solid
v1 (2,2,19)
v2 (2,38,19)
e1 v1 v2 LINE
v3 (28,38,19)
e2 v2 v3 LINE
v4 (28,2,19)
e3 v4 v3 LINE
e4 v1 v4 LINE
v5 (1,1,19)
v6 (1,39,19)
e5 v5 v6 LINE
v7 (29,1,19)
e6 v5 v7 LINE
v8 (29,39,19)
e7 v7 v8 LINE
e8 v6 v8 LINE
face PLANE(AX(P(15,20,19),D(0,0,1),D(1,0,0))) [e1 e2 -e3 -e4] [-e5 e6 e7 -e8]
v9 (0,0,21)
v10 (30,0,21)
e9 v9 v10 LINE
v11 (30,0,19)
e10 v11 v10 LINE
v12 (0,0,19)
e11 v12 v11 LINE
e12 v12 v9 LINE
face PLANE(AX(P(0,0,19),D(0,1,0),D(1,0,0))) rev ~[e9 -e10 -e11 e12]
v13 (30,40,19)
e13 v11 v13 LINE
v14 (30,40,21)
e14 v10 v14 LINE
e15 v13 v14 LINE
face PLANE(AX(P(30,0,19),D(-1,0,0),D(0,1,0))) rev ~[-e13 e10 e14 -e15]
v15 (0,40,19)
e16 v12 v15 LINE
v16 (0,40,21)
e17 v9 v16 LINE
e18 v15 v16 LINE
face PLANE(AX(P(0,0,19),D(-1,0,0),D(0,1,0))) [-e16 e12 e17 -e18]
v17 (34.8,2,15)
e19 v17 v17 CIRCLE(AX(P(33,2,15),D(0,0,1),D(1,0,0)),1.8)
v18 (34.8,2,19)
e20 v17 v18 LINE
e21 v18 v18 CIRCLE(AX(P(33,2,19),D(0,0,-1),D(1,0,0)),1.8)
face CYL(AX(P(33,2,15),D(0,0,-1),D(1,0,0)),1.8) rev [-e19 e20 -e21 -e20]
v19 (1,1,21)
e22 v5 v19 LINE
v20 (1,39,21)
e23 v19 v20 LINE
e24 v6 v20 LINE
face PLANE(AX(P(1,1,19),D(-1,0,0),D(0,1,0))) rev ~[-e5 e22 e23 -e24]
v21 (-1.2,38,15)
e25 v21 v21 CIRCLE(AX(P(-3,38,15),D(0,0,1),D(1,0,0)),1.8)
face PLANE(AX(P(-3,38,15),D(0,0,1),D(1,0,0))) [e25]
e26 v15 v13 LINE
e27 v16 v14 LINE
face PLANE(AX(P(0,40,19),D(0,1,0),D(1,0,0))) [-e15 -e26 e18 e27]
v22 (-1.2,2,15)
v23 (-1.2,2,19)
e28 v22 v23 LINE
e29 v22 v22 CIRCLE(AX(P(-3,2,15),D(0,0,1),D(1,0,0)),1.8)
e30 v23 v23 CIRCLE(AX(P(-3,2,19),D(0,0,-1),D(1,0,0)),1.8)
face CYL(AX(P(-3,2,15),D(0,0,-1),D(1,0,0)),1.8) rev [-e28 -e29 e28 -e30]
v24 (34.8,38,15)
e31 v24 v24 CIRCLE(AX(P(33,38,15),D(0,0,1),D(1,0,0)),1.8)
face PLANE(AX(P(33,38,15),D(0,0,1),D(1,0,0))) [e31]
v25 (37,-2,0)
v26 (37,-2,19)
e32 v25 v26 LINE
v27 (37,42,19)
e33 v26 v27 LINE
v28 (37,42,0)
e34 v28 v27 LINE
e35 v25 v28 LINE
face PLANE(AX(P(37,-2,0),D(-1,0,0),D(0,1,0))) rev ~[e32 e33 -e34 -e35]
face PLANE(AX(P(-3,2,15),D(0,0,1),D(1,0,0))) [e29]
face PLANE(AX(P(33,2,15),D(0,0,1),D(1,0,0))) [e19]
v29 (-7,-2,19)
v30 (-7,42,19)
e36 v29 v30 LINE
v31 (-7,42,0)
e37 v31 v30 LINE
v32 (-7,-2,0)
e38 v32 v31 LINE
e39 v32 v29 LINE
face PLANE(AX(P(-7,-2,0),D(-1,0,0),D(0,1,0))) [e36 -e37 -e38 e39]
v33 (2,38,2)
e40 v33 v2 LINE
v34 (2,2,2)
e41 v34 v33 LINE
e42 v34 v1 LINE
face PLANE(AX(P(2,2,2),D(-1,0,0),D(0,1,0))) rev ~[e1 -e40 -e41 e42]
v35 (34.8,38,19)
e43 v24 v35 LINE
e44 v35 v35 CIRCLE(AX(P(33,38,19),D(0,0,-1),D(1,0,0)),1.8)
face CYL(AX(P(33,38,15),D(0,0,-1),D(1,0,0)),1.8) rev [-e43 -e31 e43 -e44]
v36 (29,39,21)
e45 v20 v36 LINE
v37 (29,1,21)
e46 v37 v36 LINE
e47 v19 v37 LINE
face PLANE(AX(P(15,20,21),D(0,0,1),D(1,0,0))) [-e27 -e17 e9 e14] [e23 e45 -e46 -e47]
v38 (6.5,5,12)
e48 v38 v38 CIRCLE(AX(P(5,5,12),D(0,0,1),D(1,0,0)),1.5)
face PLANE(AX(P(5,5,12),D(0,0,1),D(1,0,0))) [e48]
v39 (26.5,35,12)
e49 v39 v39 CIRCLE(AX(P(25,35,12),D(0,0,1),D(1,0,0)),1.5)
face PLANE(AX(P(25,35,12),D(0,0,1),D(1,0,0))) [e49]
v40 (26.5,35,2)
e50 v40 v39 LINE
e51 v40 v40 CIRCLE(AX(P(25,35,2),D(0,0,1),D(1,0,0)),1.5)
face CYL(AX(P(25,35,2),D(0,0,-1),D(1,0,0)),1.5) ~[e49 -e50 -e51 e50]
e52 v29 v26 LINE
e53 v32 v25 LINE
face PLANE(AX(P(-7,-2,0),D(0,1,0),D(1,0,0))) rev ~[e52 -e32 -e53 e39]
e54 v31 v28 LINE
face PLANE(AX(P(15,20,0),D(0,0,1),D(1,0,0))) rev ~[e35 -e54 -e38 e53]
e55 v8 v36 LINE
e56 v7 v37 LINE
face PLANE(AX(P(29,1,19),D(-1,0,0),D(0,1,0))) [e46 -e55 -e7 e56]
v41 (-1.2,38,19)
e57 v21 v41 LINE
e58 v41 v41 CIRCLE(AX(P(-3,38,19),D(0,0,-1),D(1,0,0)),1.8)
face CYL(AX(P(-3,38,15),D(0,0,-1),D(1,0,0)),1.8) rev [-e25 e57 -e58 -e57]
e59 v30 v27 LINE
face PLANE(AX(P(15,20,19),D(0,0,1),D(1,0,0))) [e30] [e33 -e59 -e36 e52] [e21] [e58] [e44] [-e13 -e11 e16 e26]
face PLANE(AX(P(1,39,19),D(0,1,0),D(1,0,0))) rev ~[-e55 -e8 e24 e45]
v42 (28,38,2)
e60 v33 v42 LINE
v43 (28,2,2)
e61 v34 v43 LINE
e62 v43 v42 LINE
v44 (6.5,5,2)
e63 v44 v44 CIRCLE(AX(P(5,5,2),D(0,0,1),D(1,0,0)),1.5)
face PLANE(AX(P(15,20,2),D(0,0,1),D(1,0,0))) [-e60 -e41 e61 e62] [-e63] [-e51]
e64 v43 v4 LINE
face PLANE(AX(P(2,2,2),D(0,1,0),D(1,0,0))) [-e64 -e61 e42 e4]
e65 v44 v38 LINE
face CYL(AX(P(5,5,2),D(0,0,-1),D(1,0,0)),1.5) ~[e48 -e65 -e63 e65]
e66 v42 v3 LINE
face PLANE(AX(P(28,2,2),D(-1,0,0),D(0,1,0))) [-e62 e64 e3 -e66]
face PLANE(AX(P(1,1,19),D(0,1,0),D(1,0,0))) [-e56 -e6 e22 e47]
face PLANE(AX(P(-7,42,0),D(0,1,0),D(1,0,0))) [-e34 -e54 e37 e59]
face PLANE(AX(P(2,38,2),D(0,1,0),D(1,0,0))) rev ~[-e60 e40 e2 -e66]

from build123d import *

# Parameters (mm, degrees)
CYLINDER002_R     = 1.5
CYLINDER002_DEPTH = 10
CYLINDER001_R     = 1.5
CYLINDER001_DEPTH = 10
SKETCH_W          = 30
SKETCH_H          = 40
SKETCH_W_2        = 28
SKETCH_H_2        = 38
PAD_DEPTH         = 2
CYLINDER006_R     = 1.8
CYLINDER006_DEPTH = 6
CYLINDER007_R     = 1.8
CYLINDER007_DEPTH = 6
CYLINDER008_R     = 1.8
CYLINDER008_DEPTH = 6
CYLINDER005_R     = 1.8
CYLINDER005_DEPTH = 6
BOX001_W          = 26
BOX001_H          = 36
BOX001_DEPTH      = 17
BOX_W             = 44
BOX_H             = 44
BOX_DEPTH         = 19


with BuildPart() as mth002:
    # Cylinder002 → Cylinder002 (new body)
    with BuildSketch(Plane(origin=(25, 35, 2), x_dir=(1, 0, 0), z_dir=(0, 0, 1))):
        Circle(CYLINDER002_R)
    extrude(amount=CYLINDER002_DEPTH)


with BuildPart() as mth001:
    # Cylinder001 → Cylinder001 (new body)
    with BuildSketch(Plane(origin=(5, 5, 2), x_dir=(1, 0, 0), z_dir=(0, 0, 1))):
        Circle(CYLINDER001_R)
    extrude(amount=CYLINDER001_DEPTH)


with BuildPart() as fusion022:
    # Sketch → Pad (new body)
    with BuildSketch(Plane(origin=(2, 2, 19), x_dir=(1, 0, 0), z_dir=(0, 0, 1))):
        with Locations((13, 18)):
            Rectangle(SKETCH_W, SKETCH_H)
        with Locations((13, 18)):
            Rectangle(SKETCH_W_2, SKETCH_H_2, mode=Mode.SUBTRACT)
    extrude(amount=PAD_DEPTH)

    # Fusion022: union MtH002, MtH001
    add(mth002.part)
    add(mth001.part)


with BuildPart() as mh_cut002:
    # Cylinder006 → Cylinder006 (new body)
    with BuildSketch(Plane(origin=(-3, 38, 15), x_dir=(1, 0, 0), z_dir=(0, 0, 1))):
        Circle(CYLINDER006_R)
    extrude(amount=CYLINDER006_DEPTH)


with BuildPart() as mh_cut003:
    # Cylinder007 → Cylinder007 (new body)
    with BuildSketch(Plane(origin=(33, 2, 15), x_dir=(1, 0, 0), z_dir=(0, 0, 1))):
        Circle(CYLINDER007_R)
    extrude(amount=CYLINDER007_DEPTH)


with BuildPart() as mh_cut004:
    # Cylinder008 → Cylinder008 (new body)
    with BuildSketch(Plane(origin=(33, 38, 15), x_dir=(1, 0, 0), z_dir=(0, 0, 1))):
        Circle(CYLINDER008_R)
    extrude(amount=CYLINDER008_DEPTH)


with BuildPart() as screw_cut001:
    # Cylinder005 → Cylinder005 (new body)
    with BuildSketch(Plane(origin=(-3, 2, 15), x_dir=(1, 0, 0), z_dir=(0, 0, 1))):
        Circle(CYLINDER005_R)
    extrude(amount=CYLINDER005_DEPTH)

    # Fusion017: union MH_Cut002, MH_Cut003, MH_Cut004
    add(mh_cut002.part)
    add(mh_cut003.part)
    add(mh_cut004.part)


with BuildPart() as box_in:
    # Box001 → Box001 (new body)
    with BuildSketch(Plane(origin=(2, 2, 2), x_dir=(1, 0, 0), z_dir=(0, 0, 1))):
        with Locations((13, 18)):
            Rectangle(BOX001_W, BOX001_H)
    extrude(amount=BOX001_DEPTH)


with BuildPart() as base_final:
    # Box → Box (new body)
    with BuildSketch(Plane(origin=(-7, -2, 0), x_dir=(1, 0, 0), z_dir=(0, 0, 1))):
        with Locations((22, 22)):
            Rectangle(BOX_W, BOX_H)
    extrude(amount=BOX_DEPTH)

    # Cut: cut Box_in
    add(box_in.part, mode=Mode.SUBTRACT)

    # Cut007: cut Screw_cut001
    add(screw_cut001.part, mode=Mode.SUBTRACT)

    # Fusion023: union Fusion022
    add(fusion022.part)


solid = base_final.part
